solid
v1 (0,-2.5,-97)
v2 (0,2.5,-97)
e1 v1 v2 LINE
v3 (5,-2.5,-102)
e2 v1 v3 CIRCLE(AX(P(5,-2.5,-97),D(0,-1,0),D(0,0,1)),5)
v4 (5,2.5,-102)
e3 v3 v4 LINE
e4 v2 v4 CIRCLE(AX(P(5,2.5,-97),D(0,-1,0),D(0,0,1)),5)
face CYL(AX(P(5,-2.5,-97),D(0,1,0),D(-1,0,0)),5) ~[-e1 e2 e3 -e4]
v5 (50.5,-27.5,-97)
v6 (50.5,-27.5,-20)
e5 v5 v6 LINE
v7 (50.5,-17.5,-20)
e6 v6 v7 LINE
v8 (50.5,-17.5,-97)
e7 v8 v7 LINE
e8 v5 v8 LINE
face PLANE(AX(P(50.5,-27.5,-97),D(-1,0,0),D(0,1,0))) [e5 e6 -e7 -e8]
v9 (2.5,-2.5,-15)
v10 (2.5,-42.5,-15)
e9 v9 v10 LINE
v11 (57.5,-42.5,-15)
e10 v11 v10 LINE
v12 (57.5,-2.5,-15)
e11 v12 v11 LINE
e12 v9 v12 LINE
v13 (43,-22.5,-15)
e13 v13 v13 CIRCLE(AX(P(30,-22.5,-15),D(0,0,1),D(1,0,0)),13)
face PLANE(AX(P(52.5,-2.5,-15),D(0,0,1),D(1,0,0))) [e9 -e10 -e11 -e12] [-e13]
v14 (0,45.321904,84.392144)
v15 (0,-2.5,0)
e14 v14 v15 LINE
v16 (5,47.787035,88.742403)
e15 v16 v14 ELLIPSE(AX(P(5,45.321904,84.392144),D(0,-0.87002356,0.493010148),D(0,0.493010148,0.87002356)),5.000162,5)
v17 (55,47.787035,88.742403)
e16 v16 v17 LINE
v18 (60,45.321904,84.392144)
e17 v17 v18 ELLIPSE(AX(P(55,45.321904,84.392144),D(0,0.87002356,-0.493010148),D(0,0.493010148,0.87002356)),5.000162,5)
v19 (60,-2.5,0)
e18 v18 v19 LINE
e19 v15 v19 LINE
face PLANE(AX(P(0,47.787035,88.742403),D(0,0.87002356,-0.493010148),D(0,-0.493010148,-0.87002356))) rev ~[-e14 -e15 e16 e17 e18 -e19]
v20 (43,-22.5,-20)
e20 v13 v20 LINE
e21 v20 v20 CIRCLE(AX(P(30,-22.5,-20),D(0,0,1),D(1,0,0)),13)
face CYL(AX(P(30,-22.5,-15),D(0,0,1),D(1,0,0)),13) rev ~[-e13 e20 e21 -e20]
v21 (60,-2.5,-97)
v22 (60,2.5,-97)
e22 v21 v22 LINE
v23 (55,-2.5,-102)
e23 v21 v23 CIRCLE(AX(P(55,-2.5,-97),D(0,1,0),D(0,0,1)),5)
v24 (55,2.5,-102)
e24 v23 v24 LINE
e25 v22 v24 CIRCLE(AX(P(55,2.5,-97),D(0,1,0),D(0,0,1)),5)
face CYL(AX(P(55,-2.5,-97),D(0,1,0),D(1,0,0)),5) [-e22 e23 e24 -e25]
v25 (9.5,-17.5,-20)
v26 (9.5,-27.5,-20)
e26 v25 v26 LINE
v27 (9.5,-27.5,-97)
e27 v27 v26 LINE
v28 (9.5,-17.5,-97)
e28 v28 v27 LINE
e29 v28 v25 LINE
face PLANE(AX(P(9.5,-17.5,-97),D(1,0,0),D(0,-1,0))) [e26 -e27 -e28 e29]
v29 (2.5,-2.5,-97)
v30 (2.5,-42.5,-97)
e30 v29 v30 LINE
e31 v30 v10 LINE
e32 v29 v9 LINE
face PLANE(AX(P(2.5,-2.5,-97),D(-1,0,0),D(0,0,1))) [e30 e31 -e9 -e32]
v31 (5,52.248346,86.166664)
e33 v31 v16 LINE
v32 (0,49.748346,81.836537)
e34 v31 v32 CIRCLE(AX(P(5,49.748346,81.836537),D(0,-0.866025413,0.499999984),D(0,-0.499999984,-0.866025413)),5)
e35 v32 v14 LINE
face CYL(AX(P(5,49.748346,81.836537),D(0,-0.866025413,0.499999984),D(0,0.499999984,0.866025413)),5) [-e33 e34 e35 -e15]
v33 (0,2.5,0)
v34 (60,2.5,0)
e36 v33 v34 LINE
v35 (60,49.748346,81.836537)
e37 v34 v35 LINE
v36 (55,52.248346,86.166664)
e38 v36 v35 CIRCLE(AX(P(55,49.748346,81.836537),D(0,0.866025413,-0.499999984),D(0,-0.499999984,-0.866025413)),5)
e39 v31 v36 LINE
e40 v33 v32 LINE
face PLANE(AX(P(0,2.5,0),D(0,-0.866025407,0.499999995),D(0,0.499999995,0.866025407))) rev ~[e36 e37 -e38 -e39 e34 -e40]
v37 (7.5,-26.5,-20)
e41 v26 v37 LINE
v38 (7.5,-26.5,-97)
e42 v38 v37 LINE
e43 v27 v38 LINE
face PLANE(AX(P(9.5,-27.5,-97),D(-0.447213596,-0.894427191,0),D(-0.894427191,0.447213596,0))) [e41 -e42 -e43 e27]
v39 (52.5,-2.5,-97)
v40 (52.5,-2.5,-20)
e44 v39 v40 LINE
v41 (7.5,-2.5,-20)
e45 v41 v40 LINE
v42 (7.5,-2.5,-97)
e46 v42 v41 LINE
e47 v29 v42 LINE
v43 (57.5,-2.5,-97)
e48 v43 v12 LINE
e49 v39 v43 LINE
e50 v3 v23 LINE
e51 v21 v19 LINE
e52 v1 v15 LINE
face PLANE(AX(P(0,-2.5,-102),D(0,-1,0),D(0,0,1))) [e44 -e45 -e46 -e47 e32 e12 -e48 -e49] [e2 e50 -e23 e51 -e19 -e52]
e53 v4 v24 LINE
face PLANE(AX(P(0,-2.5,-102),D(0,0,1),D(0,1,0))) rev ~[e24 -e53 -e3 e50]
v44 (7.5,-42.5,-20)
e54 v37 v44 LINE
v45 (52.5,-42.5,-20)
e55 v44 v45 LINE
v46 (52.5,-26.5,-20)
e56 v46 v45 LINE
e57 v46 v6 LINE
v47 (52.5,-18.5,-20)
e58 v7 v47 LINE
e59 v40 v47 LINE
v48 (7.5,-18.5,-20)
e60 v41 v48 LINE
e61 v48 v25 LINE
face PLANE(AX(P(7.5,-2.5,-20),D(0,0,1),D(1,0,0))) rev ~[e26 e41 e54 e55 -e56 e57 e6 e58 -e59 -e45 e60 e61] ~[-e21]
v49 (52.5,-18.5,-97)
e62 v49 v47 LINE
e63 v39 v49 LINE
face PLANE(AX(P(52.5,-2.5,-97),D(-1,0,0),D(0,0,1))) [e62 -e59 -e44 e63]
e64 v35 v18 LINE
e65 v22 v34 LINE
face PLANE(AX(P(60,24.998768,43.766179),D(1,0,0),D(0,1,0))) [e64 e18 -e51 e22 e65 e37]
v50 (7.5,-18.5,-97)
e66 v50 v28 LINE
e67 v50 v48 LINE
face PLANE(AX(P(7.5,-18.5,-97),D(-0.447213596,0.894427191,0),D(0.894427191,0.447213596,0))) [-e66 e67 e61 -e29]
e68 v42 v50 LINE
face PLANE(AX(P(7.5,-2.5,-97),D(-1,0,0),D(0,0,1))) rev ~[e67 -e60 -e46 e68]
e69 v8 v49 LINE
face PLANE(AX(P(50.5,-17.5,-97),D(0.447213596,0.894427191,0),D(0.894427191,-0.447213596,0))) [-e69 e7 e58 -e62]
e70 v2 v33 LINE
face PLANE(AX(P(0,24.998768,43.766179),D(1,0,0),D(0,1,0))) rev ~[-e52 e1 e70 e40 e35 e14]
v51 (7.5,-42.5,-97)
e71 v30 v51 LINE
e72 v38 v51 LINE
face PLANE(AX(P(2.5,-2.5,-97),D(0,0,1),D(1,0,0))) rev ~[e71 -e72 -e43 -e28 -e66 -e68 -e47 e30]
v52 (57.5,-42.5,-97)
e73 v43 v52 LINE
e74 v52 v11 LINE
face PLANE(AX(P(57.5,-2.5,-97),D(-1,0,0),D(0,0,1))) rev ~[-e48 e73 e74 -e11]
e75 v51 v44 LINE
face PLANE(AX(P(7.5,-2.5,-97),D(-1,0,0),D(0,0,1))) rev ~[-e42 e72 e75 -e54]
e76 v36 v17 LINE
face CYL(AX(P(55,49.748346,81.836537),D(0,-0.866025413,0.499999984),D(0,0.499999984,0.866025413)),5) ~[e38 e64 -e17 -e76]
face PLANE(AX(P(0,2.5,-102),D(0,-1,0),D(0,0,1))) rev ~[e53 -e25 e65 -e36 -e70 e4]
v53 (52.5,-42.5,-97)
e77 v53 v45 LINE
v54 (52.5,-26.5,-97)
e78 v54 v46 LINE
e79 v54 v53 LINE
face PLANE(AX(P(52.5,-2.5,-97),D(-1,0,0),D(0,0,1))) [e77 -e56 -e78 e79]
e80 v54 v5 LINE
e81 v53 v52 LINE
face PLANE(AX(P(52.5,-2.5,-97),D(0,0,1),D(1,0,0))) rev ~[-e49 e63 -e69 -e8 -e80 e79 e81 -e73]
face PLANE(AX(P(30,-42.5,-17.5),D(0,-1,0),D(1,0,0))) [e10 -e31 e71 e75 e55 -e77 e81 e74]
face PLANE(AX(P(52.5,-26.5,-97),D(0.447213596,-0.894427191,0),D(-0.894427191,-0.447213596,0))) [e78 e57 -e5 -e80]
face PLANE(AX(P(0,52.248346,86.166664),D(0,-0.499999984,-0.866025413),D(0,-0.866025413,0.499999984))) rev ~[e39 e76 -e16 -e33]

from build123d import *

# Parameters (mm, degrees)
F0_W      = 5
F0_H      = 102
F1_DEPTH  = 60
F2_W      = 5
F2_H      = 82
F3_DEPTH  = 40
F4_R      = 5
F5_W      = 45
F5_H      = 5
F6_DEPTH  = 40
F7_R      = 13
F8_DEPTH  = 25
F10_DEPTH = 77
F12_DEPTH = 77


with BuildPart() as f1:
    # F0 (on Right) → F1 (new body)
    with BuildSketch(Plane.YZ):
        Polygon((47.787035, 88.742403), (-2.5, 0), (2.5, 0), (52.248346, 86.166664), align=None)
        with Locations((0, -51)):
            Rectangle(F0_W, F0_H)
    extrude(amount=F1_DEPTH)

    # F2 (on face) → F3 (join)
    with BuildSketch(Plane.XZ.offset(2.5)):
        with Locations((5, -56)):
            Rectangle(F2_W, F2_H)
        with Locations((55, -56)):
            Rectangle(F2_W, F2_H)
    extrude(amount=F3_DEPTH)

    # F4
    f4_edges = [f1.edges().sort_by_distance(p)[0] for p in [
        (0, 50.017691, 87.454534),
        (60, 50.017691, 87.454534),
        (60, 0, -102),
        (0, 0, -102),
    ]]
    fillet(f4_edges, radius=F4_R)

    # F5 (on face) → F6 (join)
    with BuildSketch(Plane.XZ.offset(2.5)):
        with Locations((30, -17.5)):
            Rectangle(F5_W, F5_H)
    extrude(amount=F6_DEPTH)

    # F7 (on face) → F8 (cut)
    with BuildSketch(Plane.XY.offset(-15)):
        with Locations((30, -22.5)):
            Circle(F7_R)
    extrude(amount=-F8_DEPTH, mode=Mode.SUBTRACT)

    # F9 (on face) → F10 (join, through all)
    with BuildSketch(Plane(origin=(0, 0, -97), x_dir=(1, 0, 0), z_dir=(0, 0, -1))):
        Polygon((9.5, 27.5), (7.5, 26.5), (7.5, 18.5), (9.5, 17.5), (9.5, 18.5), (9.5, 26.5), align=None)
    extrude(amount=-F10_DEPTH)

    # F11 (on face) → F12 (join, through all)
    with BuildSketch(Plane(origin=(0, 0, -97), x_dir=(1, 0, 0), z_dir=(0, 0, -1))):
        Polygon((52.5, 18.5), (52.5, 26.5), (50.5, 27.5), (50.5, 26.5), (50.5, 18.5), (50.5, 17.5), align=None)
    extrude(amount=-F12_DEPTH)


solid = f1.part
